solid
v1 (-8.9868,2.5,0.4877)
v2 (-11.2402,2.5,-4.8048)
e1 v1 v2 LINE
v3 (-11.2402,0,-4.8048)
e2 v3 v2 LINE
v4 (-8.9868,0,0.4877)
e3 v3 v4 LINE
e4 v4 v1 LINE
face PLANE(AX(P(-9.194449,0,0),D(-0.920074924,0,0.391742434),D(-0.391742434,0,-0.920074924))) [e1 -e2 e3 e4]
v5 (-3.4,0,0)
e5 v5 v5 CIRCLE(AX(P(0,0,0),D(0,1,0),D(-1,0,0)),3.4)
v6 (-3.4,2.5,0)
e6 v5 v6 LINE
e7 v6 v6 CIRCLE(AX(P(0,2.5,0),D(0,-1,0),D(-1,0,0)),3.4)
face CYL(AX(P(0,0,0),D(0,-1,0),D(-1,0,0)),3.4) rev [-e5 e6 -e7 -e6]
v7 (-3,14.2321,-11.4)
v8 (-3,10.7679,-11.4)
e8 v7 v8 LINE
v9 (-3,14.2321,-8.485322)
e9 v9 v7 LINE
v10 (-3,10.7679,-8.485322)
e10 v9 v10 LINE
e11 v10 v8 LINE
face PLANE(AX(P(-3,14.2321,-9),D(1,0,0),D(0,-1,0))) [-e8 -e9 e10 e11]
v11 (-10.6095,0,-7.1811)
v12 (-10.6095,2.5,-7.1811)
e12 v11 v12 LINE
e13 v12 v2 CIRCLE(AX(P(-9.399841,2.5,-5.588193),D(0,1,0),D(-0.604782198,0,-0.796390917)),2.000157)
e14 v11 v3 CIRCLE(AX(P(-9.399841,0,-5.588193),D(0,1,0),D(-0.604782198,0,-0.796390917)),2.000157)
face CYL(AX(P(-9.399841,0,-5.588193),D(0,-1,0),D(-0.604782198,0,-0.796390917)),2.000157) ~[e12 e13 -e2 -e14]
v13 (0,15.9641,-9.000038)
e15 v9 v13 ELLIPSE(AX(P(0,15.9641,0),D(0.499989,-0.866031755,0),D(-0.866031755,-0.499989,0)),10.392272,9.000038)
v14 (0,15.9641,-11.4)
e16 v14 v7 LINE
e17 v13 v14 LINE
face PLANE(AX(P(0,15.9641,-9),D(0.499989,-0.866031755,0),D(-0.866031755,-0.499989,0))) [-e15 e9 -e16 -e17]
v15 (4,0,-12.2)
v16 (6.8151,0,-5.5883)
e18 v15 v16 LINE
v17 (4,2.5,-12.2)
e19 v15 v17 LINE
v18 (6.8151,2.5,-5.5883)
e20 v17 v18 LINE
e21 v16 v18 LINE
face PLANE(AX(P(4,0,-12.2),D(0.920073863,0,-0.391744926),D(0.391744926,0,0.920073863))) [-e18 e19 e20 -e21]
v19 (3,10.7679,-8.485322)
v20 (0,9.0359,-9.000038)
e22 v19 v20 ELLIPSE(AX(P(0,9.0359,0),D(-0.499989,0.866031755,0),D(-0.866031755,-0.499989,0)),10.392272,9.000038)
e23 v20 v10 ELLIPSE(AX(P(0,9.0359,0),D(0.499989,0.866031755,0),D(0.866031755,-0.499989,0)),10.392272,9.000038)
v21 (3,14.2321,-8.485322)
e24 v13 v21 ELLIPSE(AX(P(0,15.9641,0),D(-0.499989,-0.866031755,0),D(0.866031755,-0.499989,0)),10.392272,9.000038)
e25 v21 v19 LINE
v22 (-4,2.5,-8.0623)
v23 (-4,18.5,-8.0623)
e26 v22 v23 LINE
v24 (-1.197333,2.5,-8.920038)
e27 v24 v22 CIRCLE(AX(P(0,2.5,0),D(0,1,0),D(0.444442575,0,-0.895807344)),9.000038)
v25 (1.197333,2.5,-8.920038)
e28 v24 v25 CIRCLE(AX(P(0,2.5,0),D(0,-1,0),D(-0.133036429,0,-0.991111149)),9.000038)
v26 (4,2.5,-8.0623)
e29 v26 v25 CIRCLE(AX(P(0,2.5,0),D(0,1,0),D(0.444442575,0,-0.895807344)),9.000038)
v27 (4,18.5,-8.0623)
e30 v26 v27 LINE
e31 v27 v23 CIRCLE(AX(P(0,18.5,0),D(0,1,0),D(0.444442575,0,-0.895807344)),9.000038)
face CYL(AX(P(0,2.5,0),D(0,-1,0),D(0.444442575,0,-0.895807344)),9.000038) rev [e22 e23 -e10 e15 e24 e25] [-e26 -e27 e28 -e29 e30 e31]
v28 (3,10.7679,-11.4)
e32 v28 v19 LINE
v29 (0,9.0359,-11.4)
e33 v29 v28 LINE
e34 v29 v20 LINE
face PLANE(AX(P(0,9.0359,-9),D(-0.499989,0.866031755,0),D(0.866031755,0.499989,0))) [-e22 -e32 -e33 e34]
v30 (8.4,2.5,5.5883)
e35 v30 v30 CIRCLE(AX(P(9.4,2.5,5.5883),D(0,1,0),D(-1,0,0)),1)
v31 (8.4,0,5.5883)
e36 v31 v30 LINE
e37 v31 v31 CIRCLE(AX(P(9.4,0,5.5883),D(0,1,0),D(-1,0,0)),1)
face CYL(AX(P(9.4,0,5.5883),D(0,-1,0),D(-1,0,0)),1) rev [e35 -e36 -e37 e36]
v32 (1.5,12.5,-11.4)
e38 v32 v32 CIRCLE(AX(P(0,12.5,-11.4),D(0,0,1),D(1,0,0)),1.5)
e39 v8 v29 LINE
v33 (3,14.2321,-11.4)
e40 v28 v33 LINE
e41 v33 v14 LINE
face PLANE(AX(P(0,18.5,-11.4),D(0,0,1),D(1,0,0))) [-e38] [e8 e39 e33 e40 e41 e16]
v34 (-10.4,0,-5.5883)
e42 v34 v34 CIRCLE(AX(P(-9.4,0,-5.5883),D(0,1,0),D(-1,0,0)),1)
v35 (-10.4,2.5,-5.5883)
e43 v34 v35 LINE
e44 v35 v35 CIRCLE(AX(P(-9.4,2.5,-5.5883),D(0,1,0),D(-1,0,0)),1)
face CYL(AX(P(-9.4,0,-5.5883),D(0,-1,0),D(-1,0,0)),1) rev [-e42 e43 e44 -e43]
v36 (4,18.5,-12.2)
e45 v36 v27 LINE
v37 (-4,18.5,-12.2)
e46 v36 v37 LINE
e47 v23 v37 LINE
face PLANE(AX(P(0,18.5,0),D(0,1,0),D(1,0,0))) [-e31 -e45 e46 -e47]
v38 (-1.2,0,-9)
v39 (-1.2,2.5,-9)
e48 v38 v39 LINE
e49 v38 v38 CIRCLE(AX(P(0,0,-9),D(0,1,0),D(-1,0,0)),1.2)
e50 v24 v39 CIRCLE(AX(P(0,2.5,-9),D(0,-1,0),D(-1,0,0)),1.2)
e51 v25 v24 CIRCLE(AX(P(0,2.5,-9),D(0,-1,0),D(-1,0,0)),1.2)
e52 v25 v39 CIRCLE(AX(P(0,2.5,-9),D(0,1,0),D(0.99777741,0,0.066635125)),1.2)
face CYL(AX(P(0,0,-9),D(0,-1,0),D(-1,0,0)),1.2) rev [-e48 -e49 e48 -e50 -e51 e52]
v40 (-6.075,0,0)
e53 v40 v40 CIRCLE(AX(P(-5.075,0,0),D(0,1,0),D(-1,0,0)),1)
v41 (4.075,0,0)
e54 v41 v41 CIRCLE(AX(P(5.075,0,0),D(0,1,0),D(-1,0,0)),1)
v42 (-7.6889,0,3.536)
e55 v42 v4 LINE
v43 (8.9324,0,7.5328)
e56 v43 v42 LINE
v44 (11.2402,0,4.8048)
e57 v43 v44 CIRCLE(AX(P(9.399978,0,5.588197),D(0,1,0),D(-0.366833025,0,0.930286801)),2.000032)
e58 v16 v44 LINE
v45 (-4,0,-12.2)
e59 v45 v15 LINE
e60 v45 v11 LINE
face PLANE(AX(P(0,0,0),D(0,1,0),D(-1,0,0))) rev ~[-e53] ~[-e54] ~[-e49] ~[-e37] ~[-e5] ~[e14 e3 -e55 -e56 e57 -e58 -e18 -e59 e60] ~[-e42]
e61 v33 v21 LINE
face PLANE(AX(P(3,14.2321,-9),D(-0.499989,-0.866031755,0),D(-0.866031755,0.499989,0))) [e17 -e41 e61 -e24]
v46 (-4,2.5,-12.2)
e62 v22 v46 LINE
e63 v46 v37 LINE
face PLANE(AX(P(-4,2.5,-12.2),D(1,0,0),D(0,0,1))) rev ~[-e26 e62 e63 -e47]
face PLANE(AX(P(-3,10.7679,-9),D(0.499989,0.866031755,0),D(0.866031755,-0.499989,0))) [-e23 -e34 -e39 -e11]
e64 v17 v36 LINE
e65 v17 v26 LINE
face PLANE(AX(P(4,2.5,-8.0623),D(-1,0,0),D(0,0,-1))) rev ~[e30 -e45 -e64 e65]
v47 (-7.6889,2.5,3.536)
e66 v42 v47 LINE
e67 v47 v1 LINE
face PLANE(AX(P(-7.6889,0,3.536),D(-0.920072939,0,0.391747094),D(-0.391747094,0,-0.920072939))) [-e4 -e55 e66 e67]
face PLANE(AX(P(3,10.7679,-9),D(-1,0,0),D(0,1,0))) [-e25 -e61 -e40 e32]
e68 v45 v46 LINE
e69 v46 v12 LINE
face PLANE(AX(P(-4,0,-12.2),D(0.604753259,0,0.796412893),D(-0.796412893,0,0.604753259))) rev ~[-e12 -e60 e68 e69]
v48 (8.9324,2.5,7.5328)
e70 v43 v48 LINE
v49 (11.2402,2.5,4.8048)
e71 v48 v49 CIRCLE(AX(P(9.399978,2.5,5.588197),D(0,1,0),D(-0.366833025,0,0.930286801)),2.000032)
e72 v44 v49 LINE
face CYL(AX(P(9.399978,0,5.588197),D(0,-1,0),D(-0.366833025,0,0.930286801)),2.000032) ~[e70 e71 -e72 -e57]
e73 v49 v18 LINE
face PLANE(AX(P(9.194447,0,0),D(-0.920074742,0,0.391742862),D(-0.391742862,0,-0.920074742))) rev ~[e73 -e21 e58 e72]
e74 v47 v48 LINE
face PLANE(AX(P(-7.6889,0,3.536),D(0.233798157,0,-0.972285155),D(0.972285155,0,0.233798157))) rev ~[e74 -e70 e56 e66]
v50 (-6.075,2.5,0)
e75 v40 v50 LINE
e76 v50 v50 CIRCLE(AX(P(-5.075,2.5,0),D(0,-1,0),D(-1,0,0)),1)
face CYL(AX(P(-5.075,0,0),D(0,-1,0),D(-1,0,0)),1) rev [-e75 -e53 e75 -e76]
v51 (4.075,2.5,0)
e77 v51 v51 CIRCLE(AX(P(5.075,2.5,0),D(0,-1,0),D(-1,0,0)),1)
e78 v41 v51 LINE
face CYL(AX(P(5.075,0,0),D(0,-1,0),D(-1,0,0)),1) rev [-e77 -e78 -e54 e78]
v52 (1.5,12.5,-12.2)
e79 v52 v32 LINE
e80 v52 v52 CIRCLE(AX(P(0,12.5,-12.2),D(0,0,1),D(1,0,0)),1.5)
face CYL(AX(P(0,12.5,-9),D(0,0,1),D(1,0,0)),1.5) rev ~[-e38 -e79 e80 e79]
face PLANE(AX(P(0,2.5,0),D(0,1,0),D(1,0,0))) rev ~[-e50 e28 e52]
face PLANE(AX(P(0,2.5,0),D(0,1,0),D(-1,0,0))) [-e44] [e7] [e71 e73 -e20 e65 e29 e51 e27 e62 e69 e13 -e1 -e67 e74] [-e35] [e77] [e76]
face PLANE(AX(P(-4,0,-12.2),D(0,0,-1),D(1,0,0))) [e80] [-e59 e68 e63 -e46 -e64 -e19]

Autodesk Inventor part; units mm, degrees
ref_plane "YZ Plane" through (0, 0, 0) normal (1, 0, 0) x (0, 1, 0)
ref_plane "XZ Plane" through (0, 0, 0) normal (0, 1, 0) x (-1, 0, 0)
sketch "sk_base" plane through (0, 0, 0) normal (0, 1, 0) x (-1, 0, 0)
  line L0 (16.4021, 0) -> (-16.8737, 0) projected
  line L1 (0, -22.2) -> (0, 14.2) projected
  circle A0 centre (0, 0) radius 8.8 construction
  circle A1 centre (0, -9) radius 1.2
  circle A2 centre (5.075, 0) radius 1
  circle A3 centre (-5.075, 0) radius 1
  circle A4 centre (0, 0) radius 3.4
  line L2 (9.4, -5.5883) -> (-9.4, 5.5883) construction
  circle A5 centre (9.4, -5.5883) radius 1 construction
  circle A6 centre (-9.4, 5.5883) radius 1 construction
  circle A7 centre (0, 0) radius 9 construction
  circle A8 centre (0, -9) radius 8 construction
  circle A9 centre (9.4, -5.5883) radius 2 construction
  circle A10 centre (-9.4, 5.5883) radius 2 construction
  line L3 (-8.6663, 7.4488) -> (8.9868, 0.4877)
  line L4 (8.9868, 0.4877) -> (11.2402, -4.8048)
  line L5 (4, -8.0623) -> (4, -12.2) construction
  line L6 (4, -12.2) -> (-4, -12.2)
  line L7 (-4, -12.2) -> (-4, -8.0623) construction
  line L8 (4, -9) -> (-4, -9) construction
  line L9 (4, -12.2) -> (10.6095, -7.1811)
  arc A11 (10.6095, -7.1811) -> (11.2402, -4.8048) centre (9.4, -5.5883) ccw
  line L10 (-11.2402, 4.8048) -> (-6.8151, -5.5883)
  line L11 (9.4, -5.5883) -> (-6.8151, -5.5883) construction
  arc A12 (-8.6663, 7.4488) -> (-11.2402, 4.8048) centre (-9.4, 5.5883) ccw
  line L12 (7.6889, 3.536) -> (-8.9324, 7.5328)
  line L13 (-4, -12.2) -> (-6.8151, -5.5883)
  line L14 (7.6889, 3.536) -> (8.9868, 0.4877)
  circle A13 centre (9.4, -5.5883) radius 1
  circle A14 centre (-9.4, 5.5883) radius 1
  dimension "d0" = 17.6
  dimension "d1" = 10.15
  dimension "d2" = 2
  dimension "d3" = 6.8
  dimension "servo_dowel_diameter" = 2.4
  dimension "servo_distance_gearcenters" = 9
  dimension "d7" = 18
  dimension "d8" = 16
  dimension "d10" = 4
  dimension "d11" = 3.2
  dimension "d12" = 8
  dimension "d13" = 8
  dimension "d16" = 9.4
  dimension "m2_screw_selfthreading_hole_diam" = 2
extrude "ext_front" add sketch "sk_base" along normal blind 2.5 contours L4 A11 L9 L6 L1 A1 A4 L0 A2 | L0 A2 A4 L1 L3 L4 | L3 L1 L12 L14 | L3 A12 L12 L1 | L1 A4 L0 A3 L10 A12 L3 | L1 A1 L6 L13 L10 L0 A3 A4
sketch "Sketch2" plane through (0, 2.5, 0) normal (0, 1, 0) x (1, 0, 0)
  line L0 (-4, 8.0623) -> (-4, 12.2) construction
  line L1 (-4, 9) -> (4, 9) construction
  line L2 (4, 12.2) -> (4, 8.0623) construction
  circle A0 centre (0, 0) radius 9 construction
  line L3 (4, 12.2) -> (-4, 12.2)
  line L4 (-4, 12.2) -> (-4, 9)
  line L5 (-4, 9) -> (4, 9)
  line L6 (4, 9) -> (4, 12.2)
  arc A1 (4, 8.0623) -> (-4, 8.0623) centre (0, 0) ccw
  line L7 (4, 8.0623) -> (4, 9)
  line L8 (-4, 8.0623) -> (-4, 9)
extrude "ext_backsupport" add sketch "Sketch2" along normal blind 16
ref_plane "Work Plane1" through (0, 18.5, -9) normal (0, 0, 1) x (1, 0, 0)
sketch "sk_mounthole" plane through (0, 18.5, -9) normal (0, 0, 1) x (1, 0, 0)
  line L0 (-1.1973, -16) -> (1.1973, -16) projected
  line L1 (0, -22.2) -> (0, 3.7) projected
  circle A0 centre (0, -6) radius 1.5
  line L2 (0, -2.5359) -> (-3, -4.2679)
  line L3 (-3, -4.2679) -> (-3, -7.7321)
  line L4 (-3, -7.7321) -> (0, -9.4641)
  line L5 (0, -9.4641) -> (3, -7.7321)
  line L6 (3, -7.7321) -> (3, -4.2679)
  line L7 (3, -4.2679) -> (0, -2.5359)
  line L8 (-3, -6) -> (3, -6) construction
  point P0 (0, -18.5)
  dimension "m3_screw_max_diam" = 3
  dimension "d23" = 120
  dimension "d24" = 10
extrude "ext_mounthole" cut sketch "sk_mounthole" along normal through all both and the other way through all contours A0 L1 | L1 A0
extrude "ext_mountnut" cut sketch "sk_mounthole" along normal blind 10 and the other way blind 2.4
equation "\"d2\" = screw_m2_bore_selfthreading"
equation "\"servo_dowel_diameter\" = general_dowel_diameter"
equation "\"m2_screw_selfthreading_hole_diam\" = screw_m2_bore_selfthreading"
equation "\"screw_m2_bore_selfthreading\" = 2"
equation "\"general_dowel_diameter\" = 2.4"
properties part number "empty"
